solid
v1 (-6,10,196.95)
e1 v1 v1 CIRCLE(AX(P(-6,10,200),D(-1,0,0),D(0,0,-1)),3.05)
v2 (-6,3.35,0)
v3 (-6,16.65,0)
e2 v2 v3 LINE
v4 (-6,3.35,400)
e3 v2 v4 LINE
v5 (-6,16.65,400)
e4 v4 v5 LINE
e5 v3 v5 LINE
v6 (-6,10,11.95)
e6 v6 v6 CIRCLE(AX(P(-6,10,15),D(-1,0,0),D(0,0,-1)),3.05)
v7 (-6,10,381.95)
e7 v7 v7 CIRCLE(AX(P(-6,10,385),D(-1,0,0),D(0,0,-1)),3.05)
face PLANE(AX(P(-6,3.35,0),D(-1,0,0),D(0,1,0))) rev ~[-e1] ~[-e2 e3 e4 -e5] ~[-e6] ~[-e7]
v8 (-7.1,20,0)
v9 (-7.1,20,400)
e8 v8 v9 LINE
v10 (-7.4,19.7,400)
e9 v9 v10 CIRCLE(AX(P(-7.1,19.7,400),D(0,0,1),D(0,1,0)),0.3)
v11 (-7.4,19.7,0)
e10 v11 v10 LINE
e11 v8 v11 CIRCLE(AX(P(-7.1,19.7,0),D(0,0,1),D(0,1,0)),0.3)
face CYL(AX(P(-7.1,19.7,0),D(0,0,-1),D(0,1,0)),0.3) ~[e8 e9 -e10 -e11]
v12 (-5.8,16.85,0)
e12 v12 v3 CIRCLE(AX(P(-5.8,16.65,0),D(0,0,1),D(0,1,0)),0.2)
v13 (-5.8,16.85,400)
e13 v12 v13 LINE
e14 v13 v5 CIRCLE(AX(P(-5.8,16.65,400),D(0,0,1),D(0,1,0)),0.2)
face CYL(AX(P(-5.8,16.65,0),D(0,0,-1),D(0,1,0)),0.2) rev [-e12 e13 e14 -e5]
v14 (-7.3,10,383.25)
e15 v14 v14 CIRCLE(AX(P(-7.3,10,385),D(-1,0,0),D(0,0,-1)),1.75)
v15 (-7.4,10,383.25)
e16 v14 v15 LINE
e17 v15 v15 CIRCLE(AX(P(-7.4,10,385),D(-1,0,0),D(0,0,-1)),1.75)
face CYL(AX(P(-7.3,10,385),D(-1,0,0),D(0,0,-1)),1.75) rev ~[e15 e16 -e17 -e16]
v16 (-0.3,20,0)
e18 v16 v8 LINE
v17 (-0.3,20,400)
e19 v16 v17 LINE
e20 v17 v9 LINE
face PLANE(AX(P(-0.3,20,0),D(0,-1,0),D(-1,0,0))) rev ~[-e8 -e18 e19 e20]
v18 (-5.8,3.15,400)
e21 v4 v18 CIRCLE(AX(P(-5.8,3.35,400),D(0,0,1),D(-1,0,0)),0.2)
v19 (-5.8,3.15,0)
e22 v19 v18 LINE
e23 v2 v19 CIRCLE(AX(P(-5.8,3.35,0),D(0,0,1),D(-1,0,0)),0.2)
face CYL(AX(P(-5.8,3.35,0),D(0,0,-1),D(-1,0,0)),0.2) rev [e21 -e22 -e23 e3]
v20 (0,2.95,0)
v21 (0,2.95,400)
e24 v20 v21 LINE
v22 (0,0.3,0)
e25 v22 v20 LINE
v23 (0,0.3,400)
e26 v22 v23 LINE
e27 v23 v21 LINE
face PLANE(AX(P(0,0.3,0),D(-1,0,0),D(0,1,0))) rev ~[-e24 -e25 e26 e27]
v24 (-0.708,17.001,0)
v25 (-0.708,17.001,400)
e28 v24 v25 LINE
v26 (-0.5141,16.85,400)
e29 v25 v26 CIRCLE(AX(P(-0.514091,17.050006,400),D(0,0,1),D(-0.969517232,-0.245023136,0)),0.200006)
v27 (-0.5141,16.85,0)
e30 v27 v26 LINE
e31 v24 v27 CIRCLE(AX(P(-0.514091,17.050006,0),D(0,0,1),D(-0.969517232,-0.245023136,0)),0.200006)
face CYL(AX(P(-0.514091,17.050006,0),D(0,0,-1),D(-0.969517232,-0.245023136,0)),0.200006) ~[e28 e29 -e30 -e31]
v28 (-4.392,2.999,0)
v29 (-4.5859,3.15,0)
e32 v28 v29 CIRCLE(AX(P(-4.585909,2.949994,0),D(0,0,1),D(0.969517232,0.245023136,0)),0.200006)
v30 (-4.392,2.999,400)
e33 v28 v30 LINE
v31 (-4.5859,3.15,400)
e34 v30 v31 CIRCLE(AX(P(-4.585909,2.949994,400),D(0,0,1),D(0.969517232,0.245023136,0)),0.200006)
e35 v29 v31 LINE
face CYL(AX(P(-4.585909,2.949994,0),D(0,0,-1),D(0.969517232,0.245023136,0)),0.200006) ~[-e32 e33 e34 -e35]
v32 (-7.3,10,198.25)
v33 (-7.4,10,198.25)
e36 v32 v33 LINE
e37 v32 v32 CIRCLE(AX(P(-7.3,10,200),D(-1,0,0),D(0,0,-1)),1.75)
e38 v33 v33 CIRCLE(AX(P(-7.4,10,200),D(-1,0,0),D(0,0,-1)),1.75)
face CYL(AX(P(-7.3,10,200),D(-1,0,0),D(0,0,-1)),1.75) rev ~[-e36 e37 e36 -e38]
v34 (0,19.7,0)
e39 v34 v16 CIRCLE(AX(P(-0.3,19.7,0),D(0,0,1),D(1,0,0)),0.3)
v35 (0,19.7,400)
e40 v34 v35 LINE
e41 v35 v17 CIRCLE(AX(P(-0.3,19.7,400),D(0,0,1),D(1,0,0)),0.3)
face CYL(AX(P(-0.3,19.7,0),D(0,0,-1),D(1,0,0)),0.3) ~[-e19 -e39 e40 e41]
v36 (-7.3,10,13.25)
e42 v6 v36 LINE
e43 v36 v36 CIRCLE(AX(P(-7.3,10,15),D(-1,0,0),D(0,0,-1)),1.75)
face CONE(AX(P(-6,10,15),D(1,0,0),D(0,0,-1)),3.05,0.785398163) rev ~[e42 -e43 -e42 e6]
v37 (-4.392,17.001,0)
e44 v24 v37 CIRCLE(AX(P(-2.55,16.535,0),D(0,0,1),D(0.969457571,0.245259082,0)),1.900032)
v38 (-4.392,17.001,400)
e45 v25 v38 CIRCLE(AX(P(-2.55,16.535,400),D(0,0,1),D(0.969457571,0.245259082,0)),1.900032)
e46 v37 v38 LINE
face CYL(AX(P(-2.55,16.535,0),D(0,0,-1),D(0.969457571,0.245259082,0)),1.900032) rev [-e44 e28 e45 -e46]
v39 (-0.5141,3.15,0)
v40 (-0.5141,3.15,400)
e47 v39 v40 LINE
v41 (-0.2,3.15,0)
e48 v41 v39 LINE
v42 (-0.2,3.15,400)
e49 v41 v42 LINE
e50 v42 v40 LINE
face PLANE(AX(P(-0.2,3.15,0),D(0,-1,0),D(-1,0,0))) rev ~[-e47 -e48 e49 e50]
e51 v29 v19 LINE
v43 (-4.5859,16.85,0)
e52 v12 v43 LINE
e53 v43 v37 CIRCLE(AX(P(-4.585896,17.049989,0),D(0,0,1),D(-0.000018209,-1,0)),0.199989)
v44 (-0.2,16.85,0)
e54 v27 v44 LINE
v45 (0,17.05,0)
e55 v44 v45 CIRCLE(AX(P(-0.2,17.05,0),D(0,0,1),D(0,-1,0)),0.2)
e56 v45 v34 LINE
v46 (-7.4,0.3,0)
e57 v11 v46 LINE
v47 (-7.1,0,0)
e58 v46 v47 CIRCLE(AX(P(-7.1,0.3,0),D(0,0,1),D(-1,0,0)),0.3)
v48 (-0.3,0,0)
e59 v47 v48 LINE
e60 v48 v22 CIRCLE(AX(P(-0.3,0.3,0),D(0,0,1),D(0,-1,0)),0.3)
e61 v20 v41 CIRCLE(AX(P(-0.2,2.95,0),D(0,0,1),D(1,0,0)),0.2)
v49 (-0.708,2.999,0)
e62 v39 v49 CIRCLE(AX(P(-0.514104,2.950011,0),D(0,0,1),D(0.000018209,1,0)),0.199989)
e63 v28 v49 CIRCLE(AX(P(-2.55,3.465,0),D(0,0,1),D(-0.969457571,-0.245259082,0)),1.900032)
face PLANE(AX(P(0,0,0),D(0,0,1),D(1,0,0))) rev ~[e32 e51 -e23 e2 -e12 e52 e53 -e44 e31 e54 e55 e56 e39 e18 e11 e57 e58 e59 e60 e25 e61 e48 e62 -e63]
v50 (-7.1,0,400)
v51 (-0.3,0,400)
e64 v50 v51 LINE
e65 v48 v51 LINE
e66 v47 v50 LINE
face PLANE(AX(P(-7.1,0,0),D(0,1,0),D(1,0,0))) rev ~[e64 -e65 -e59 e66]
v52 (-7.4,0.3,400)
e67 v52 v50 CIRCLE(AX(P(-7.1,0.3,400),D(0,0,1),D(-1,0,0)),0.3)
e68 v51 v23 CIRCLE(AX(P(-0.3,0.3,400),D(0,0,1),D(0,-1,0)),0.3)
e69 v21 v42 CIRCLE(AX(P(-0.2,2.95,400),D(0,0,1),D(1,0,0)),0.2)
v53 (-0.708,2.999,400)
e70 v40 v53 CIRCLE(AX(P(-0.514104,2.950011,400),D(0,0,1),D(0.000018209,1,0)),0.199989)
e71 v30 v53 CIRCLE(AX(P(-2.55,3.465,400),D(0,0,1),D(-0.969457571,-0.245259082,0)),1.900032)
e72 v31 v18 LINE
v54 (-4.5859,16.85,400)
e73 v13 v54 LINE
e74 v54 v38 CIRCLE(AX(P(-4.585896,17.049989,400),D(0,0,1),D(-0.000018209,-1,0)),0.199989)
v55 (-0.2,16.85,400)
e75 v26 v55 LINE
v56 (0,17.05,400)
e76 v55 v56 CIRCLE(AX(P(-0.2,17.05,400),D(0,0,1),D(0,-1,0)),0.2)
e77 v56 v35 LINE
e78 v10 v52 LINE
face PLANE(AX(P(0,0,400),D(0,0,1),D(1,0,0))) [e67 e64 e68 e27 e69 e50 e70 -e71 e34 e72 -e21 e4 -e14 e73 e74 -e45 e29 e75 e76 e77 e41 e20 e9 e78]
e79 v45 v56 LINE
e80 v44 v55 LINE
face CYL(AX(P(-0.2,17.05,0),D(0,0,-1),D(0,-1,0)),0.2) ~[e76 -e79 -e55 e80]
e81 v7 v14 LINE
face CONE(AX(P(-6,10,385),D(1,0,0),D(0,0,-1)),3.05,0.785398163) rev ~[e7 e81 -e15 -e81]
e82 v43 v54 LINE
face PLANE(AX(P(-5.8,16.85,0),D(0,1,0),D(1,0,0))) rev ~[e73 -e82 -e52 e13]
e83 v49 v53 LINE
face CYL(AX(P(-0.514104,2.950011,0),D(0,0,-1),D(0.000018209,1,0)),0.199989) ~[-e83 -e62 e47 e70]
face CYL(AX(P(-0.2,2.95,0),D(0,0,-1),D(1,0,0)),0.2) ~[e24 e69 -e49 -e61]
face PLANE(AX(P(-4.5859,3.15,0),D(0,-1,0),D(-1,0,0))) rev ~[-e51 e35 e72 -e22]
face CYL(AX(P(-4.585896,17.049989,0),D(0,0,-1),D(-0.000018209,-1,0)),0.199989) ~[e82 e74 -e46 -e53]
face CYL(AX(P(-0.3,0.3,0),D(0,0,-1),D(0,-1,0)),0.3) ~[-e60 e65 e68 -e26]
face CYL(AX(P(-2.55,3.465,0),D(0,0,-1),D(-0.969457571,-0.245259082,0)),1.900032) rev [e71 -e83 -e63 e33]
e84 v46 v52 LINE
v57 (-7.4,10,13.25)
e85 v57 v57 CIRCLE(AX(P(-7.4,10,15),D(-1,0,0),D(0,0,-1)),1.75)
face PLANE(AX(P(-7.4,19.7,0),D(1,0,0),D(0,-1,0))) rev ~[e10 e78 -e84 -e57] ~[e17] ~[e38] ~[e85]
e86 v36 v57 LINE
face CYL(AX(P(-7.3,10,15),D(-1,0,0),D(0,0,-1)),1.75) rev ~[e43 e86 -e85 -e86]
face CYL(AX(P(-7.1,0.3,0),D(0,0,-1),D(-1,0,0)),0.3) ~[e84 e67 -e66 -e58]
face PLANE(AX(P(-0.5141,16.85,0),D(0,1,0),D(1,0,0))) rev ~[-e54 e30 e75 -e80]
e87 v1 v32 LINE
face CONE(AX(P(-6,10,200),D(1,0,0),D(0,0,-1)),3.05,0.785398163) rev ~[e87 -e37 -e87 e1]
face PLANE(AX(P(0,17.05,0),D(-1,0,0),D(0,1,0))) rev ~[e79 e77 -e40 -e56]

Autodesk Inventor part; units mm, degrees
sketch "Sketch_1" plane through (0, 0, 0) normal (0, 0, 1) x (1, 0, 0)
  line L0 (-7.4, 19.7) -> (-7.4, 0.3)
  arc A0 (-7.4, 0.3) -> (-7.1, 0) centre (-7.1, 0.3) ccw
  line L1 (-7.1, 0) -> (-0.3, 0)
  arc A1 (-0.3, 0) -> (0, 0.3) centre (-0.3, 0.3) ccw
  line L2 (0, 0.3) -> (0, 2.95)
  arc A2 (0, 2.95) -> (-0.2, 3.15) centre (-0.2, 2.95) ccw
  line L3 (-0.2, 3.15) -> (-0.5141, 3.15)
  arc A3 (-0.5141, 3.15) -> (-0.708, 2.999) centre (-0.5141, 2.95) ccw
  arc A4 (-4.392, 2.999) -> (-0.708, 2.999) centre (-2.55, 3.465) ccw
  arc A5 (-4.392, 2.999) -> (-4.5859, 3.15) centre (-4.5859, 2.95) ccw
  line L4 (-4.5859, 3.15) -> (-5.8, 3.15)
  arc A6 (-6, 3.35) -> (-5.8, 3.15) centre (-5.8, 3.35) ccw
  line L5 (-6, 3.35) -> (-6, 16.65)
  arc A7 (-5.8, 16.85) -> (-6, 16.65) centre (-5.8, 16.65) ccw
  line L6 (-5.8, 16.85) -> (-4.5859, 16.85)
  arc A8 (-4.5859, 16.85) -> (-4.392, 17.001) centre (-4.5859, 17.05) ccw
  arc A9 (-0.708, 17.001) -> (-4.392, 17.001) centre (-2.55, 16.535) ccw
  arc A10 (-0.708, 17.001) -> (-0.5141, 16.85) centre (-0.5141, 17.05) ccw
  line L7 (-0.5141, 16.85) -> (-0.2, 16.85)
  arc A11 (-0.2, 16.85) -> (0, 17.05) centre (-0.2, 17.05) ccw
  line L8 (0, 17.05) -> (0, 19.7)
  arc A12 (0, 19.7) -> (-0.3, 20) centre (-0.3, 19.7) ccw
  line L9 (-0.3, 20) -> (-7.1, 20)
  arc A13 (-7.1, 20) -> (-7.4, 19.7) centre (-7.1, 19.7) ccw
extrude "Extrusion1" add sketch "Sketch_1" along normal blind 400
sketch "Sketch2" plane through (-6, 3.35, 0) normal (1, 0, 0) x (0, 0, -1)
  point P0 (-15, 6.65)
hole "Hole1" at (-6, 10, 15) direction (-1, 0, 0) diameter 3.5 depth 1.4 countersink diameter 6.1 countersink angle 90
pattern_linear "Rectangular Pattern1" count 3 spacing 185 along (0, 0, 1) of "Hole1"
ref_plane "to_rail_XY" through (0.6, 10, 200) normal (0, 0, 1) x (1, 0, 0)
ref_plane "to_rail_YZ" through (0.6, 10, 200) normal (1, 0, 0) x (0, 1, 0)
ref_plane "to_rail_ZX" through (0.6, 10, 200) normal (0, 1, 0) x (0, 0, 1)
properties part number "SAR340-40_b"
